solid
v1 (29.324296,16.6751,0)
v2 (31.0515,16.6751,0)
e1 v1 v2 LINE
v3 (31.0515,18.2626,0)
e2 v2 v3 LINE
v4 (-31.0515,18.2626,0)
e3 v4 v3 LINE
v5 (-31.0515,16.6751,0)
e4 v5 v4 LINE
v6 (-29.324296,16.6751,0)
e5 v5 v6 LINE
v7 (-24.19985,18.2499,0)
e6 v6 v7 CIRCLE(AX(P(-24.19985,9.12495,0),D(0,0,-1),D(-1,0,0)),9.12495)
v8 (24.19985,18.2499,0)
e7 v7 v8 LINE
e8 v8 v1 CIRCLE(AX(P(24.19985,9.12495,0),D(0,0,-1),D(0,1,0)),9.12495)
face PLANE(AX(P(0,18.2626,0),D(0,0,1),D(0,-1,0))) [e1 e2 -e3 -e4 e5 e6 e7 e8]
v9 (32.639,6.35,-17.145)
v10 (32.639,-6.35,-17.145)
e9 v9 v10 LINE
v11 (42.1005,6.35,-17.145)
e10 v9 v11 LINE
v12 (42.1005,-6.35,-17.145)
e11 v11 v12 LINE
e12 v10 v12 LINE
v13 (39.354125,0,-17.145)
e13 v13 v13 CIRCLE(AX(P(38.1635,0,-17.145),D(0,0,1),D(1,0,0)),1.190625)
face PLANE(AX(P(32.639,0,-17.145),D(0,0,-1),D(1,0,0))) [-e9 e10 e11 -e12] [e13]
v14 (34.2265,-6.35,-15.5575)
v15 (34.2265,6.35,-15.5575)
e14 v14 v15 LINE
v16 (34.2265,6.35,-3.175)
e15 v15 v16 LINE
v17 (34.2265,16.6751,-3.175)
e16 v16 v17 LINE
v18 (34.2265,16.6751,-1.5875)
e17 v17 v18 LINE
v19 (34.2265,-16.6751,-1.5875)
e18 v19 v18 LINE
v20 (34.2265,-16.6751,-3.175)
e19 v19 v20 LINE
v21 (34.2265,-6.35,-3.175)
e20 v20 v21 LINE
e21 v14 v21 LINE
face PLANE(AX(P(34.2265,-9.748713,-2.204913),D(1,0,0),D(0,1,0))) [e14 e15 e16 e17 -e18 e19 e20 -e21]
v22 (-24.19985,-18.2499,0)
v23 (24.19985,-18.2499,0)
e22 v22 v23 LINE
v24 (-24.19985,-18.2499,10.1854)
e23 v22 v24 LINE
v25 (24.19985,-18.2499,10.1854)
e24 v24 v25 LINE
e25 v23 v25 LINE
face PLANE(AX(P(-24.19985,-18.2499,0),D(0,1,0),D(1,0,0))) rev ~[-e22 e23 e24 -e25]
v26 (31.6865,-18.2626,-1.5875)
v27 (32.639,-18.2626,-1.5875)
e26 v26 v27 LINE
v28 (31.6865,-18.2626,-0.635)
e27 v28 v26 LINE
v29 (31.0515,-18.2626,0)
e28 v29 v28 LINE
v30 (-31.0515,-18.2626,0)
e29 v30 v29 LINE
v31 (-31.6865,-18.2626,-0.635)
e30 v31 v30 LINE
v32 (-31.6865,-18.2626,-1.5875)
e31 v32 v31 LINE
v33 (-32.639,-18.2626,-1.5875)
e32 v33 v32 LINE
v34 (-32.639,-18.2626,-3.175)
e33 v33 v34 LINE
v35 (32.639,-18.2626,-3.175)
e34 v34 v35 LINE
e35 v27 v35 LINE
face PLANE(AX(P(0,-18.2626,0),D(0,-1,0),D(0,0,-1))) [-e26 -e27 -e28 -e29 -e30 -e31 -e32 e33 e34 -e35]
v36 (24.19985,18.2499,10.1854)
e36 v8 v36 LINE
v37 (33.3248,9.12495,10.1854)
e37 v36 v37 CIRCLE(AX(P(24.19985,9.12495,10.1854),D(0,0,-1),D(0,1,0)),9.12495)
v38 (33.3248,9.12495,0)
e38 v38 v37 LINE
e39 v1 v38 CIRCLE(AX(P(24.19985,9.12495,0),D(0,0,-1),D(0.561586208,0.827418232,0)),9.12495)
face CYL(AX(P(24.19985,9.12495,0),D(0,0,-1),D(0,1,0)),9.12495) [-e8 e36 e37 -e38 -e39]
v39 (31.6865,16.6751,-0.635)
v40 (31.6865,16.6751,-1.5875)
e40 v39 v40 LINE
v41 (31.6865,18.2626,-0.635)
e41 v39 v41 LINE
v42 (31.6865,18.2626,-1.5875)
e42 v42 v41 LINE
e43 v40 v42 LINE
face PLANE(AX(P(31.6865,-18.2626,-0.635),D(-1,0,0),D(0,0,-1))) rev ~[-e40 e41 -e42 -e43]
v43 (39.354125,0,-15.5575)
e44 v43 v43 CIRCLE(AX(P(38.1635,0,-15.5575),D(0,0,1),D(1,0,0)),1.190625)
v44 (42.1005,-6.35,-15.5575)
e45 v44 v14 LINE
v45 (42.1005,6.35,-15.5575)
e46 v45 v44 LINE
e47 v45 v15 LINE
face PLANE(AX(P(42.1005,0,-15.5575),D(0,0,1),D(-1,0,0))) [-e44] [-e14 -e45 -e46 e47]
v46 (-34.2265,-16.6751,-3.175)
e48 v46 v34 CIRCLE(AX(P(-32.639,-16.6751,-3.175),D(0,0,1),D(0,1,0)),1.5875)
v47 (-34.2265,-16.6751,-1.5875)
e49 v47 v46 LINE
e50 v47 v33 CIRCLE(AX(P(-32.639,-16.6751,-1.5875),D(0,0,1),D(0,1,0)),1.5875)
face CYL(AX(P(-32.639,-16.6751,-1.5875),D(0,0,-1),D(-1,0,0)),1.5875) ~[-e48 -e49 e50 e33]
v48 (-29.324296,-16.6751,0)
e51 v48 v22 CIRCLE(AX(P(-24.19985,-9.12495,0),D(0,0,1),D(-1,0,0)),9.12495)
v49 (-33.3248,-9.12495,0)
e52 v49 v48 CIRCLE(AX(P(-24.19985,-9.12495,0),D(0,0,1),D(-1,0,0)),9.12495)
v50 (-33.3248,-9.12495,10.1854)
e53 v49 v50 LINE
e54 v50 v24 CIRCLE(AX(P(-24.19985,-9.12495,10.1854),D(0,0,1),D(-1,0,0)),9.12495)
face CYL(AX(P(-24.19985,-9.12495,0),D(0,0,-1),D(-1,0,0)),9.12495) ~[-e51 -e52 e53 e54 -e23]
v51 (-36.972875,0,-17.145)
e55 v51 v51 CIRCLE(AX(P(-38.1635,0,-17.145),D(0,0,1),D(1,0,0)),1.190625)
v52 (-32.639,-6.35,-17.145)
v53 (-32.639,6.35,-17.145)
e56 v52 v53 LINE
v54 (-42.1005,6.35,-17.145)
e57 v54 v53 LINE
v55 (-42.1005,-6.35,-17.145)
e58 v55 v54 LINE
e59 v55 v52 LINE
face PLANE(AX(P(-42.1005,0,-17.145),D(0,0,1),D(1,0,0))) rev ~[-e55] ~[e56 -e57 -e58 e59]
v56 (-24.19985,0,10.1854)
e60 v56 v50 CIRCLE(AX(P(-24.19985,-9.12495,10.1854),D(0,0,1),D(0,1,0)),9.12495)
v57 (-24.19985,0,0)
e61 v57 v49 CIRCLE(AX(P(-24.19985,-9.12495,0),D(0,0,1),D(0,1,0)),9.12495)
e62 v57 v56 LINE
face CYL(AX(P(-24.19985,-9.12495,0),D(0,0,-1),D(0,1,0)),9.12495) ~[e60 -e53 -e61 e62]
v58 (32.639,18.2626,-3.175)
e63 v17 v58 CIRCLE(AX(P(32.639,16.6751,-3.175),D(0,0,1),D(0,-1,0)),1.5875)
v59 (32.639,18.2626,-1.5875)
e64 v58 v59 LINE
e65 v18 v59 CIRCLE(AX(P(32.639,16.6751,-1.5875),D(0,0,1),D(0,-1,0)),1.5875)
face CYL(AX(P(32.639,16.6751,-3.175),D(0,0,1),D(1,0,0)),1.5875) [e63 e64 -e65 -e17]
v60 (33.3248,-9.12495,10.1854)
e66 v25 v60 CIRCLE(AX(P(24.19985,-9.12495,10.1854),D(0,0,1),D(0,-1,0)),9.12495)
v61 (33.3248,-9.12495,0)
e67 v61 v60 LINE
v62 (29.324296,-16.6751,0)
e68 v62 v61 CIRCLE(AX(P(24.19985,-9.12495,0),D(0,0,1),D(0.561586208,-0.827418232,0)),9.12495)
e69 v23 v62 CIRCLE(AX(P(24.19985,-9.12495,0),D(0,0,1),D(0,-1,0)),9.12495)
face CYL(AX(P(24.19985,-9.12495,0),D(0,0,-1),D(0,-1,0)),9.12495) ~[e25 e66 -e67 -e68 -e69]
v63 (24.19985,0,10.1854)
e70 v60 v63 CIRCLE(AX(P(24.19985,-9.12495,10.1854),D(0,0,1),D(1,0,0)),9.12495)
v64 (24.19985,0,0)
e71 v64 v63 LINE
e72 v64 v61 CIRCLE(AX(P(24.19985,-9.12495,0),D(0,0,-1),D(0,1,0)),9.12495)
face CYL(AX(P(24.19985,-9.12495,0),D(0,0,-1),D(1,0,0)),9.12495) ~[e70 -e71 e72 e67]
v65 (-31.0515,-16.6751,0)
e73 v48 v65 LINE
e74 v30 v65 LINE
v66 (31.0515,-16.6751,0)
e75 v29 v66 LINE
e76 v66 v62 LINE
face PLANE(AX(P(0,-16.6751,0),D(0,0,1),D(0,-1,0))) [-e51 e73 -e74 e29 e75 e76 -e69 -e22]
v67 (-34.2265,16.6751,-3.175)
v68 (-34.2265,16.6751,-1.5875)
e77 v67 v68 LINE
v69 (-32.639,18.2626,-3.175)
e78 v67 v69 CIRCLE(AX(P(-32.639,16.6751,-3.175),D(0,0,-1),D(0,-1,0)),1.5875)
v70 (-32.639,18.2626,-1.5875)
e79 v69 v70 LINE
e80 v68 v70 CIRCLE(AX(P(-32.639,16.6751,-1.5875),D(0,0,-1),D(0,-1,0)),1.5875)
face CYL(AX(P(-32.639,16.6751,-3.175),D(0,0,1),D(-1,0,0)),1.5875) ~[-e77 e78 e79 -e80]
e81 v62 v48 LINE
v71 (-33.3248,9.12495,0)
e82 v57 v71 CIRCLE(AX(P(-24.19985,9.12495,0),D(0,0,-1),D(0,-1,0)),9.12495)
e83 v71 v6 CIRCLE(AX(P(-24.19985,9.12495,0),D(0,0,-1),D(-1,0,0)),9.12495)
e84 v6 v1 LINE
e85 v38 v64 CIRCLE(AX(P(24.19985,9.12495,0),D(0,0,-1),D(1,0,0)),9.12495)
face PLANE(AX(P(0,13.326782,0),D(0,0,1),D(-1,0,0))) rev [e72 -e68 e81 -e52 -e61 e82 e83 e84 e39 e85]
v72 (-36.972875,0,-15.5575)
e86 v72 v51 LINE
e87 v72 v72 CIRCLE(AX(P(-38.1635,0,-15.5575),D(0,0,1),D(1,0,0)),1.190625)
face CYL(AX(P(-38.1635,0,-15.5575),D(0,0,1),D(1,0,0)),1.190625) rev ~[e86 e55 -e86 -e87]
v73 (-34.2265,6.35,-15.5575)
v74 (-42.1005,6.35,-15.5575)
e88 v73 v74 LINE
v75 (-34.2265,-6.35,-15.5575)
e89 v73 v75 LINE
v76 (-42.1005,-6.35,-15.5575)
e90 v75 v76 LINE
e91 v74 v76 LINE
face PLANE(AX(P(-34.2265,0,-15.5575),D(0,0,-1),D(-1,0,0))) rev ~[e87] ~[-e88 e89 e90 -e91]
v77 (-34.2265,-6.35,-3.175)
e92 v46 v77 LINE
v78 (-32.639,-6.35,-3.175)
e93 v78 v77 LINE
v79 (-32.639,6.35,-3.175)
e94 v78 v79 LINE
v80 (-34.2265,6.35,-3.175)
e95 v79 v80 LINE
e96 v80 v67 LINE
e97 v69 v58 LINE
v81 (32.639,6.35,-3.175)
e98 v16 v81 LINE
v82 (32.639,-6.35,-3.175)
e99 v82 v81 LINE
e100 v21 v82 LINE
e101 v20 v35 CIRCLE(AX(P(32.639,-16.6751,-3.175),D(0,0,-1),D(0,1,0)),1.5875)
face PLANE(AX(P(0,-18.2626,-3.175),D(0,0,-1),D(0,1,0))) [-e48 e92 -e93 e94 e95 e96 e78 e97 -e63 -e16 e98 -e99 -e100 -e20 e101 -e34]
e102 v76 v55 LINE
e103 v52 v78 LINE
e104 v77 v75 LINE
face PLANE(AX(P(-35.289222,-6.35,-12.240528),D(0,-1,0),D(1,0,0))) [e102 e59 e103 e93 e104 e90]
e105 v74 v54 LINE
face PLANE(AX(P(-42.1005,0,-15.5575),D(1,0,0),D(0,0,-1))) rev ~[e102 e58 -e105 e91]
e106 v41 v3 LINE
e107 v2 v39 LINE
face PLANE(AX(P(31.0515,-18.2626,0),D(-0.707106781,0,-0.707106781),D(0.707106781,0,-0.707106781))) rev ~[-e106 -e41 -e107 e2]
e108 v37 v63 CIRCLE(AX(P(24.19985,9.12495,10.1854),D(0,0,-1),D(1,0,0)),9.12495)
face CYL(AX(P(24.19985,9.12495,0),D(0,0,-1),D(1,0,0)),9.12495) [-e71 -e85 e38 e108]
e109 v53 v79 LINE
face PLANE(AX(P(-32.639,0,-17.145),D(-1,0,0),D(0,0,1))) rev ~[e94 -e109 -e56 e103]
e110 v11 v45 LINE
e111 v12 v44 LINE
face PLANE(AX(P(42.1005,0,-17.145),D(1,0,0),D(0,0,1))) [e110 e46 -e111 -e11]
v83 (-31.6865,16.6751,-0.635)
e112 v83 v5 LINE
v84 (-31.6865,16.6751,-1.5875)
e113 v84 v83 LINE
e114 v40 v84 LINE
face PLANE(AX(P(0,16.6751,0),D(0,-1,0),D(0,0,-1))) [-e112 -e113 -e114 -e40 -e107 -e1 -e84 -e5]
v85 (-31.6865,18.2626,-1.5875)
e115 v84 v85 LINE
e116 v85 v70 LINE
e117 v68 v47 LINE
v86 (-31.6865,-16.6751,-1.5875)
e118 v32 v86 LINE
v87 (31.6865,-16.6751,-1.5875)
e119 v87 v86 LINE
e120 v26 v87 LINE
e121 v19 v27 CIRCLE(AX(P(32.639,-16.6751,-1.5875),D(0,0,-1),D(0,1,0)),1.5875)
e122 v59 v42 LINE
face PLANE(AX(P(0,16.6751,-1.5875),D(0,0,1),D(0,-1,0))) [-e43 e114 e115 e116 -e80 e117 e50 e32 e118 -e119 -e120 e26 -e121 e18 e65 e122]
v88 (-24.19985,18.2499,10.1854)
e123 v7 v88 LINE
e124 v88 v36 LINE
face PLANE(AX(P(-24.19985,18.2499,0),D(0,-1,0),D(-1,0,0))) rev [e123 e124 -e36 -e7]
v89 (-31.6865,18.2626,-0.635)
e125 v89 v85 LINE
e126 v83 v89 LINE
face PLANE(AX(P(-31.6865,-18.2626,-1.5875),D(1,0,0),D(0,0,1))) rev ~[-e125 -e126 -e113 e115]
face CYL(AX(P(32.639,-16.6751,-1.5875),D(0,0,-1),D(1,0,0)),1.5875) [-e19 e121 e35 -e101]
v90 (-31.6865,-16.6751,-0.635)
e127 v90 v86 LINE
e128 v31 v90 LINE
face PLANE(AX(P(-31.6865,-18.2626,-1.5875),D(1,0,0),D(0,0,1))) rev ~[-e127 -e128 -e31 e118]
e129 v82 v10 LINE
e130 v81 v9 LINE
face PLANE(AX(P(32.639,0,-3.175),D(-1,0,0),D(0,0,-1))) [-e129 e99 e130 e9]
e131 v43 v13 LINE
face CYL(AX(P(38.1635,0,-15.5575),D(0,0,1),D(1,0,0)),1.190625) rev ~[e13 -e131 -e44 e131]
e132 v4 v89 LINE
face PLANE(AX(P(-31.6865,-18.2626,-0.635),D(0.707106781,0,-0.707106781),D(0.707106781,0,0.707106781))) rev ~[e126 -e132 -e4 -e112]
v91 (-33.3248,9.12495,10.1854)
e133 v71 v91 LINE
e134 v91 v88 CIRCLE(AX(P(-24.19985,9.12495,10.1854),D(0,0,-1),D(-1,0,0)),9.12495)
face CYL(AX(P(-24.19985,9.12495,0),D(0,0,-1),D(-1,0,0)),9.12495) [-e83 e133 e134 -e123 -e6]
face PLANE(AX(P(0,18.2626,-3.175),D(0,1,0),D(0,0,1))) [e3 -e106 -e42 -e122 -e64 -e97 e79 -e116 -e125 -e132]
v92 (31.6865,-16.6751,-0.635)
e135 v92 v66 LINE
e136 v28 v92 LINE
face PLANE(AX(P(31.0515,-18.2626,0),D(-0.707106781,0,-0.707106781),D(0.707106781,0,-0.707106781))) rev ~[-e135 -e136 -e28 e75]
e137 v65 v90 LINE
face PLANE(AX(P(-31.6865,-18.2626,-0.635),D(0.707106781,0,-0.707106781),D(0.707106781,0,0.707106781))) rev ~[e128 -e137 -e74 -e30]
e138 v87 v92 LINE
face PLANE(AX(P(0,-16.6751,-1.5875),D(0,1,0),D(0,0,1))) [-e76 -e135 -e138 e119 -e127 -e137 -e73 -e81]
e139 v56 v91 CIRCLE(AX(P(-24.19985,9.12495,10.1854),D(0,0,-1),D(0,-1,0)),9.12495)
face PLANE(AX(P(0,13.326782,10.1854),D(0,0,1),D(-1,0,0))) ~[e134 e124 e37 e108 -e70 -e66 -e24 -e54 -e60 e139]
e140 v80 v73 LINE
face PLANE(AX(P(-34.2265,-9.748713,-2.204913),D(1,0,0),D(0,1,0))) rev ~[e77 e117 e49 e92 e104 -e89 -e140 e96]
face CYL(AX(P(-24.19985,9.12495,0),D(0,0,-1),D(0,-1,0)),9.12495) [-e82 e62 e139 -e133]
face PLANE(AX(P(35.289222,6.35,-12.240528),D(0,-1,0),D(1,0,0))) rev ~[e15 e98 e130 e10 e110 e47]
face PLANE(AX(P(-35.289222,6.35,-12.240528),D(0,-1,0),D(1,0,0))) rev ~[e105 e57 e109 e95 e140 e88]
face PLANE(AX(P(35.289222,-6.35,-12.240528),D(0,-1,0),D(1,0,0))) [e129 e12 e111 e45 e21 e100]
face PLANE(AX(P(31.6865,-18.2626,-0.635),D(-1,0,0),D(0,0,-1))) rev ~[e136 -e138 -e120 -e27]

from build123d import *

# Parameters (mm, degrees)
F1_DEPTH  = 10.1854
F4_DEPTH  = 34.2265
F6_DEPTH  = 36.5262
F7_R      = 1.5875
F9_DEPTH  = 6.35
F10_R     = 1.190625
F11_DEPTH = 1.5885


with BuildPart() as f1:
    # F0 (on Top) → F1 (new body)
    with BuildSketch(Plane.XY):
        with BuildLine():
            Line((33.3248, -9.12495), (-33.3248, -9.12495))
            ThreePointArc((-33.3248, -9.12495), (-30.652164023, -15.577264023), (-24.19985, -18.2499))
            Line((-24.19985, -18.2499), (24.19985, -18.2499))
            ThreePointArc((24.19985, -18.2499), (30.652164023, -15.577264023), (33.3248, -9.12495))
        make_face()
        with BuildLine():
            Line((24.19985, 0), (0, 0))
            Line((0, 0), (-24.19985, 0))
            ThreePointArc((-24.19985, 0), (-30.652164023, -2.672635977), (-33.3248, -9.12495))
            Line((-33.3248, -9.12495), (33.3248, -9.12495))
            ThreePointArc((33.3248, -9.12495), (30.652164023, -2.672635977), (24.19985, 0))
        make_face()
    extrude(amount=F1_DEPTH)

    # F2: F1 across plane


with BuildPart() as f1_1:
    add(f1.part)
    add(f1.part.mirror(Plane.XZ))

    # F3 (on Right) → F4 (join, symmetric)
    with BuildSketch(Plane.YZ):
        Polygon((-16.6751, 0), (-18.2626, 0), (-18.2626, -3.175), (0, -3.175), (0, -1.5875), (-16.6751, -1.5875), align=None)
        Polygon((0, -1.5875), (0, -3.175), (18.2626, -3.175), (18.2626, 0), (16.6751, 0), (16.6751, -1.5875), align=None)
    extrude(amount=F4_DEPTH, both=True)

    # F5 (on face) → F6 (cut, through all)
    with BuildSketch(Plane.XZ.offset(18.2626)):
        Polygon((-34.2265, 0), (-34.2265, -1.5875), (-31.6865, -1.5875), (-31.6865, -0.635), (-31.0515, 0), align=None)
        Polygon((34.2265, 0), (31.0515, 0), (31.6865, -0.635), (31.6865, -1.5875), (34.2265, -1.5875), align=None)
    extrude(amount=-F6_DEPTH, mode=Mode.SUBTRACT)

    # F7
    f7_edges = [f1_1.edges().sort_by_distance(p)[0] for p in [
        (-34.2265, -18.2626, -2.38125),
        (-34.2265, 18.2626, -2.38125),
        (34.2265, -18.2626, -2.38125),
        (34.2265, 18.2626, -2.38125),
    ]]
    fillet(f7_edges, radius=F7_R)

    # F8 (on Front) → F9 (join, symmetric)
    with BuildSketch(Plane.XZ):
        Polygon((-32.639, -3.175), (-34.2265, -3.175), (-34.2265, -15.5575), (-42.1005, -15.5575), (-42.1005, -17.145), (-32.639, -17.145), align=None)
        Polygon((32.639, -3.175), (32.639, -17.145), (42.1005, -17.145), (42.1005, -15.5575), (34.2265, -15.5575), (34.2265, -3.175), align=None)
    extrude(amount=F9_DEPTH, both=True)

    # F10 (on face) → F11 (cut, through all)
    with BuildSketch(Plane.XY.offset(-15.5575)):
        with BuildLine():
            ThreePointArc((-39.354125, 0), (-38.1635, -1.190625), (-36.972875, 0))
            Line((-36.972875, 0), (-38.1635, 0))
            Line((-38.1635, 0), (-39.354125, 0))
        make_face()
        with BuildLine():
            Line((-38.1635, 0), (-36.972875, 0))
            ThreePointArc((-36.972875, 0), (-38.1635, 1.190625), (-39.354125, 0))
            Line((-39.354125, 0), (-38.1635, 0))
        make_face()
        with Locations((38.1635, 0)):
            Circle(F10_R)
    extrude(amount=-F11_DEPTH, mode=Mode.SUBTRACT)


solid = f1_1.part
